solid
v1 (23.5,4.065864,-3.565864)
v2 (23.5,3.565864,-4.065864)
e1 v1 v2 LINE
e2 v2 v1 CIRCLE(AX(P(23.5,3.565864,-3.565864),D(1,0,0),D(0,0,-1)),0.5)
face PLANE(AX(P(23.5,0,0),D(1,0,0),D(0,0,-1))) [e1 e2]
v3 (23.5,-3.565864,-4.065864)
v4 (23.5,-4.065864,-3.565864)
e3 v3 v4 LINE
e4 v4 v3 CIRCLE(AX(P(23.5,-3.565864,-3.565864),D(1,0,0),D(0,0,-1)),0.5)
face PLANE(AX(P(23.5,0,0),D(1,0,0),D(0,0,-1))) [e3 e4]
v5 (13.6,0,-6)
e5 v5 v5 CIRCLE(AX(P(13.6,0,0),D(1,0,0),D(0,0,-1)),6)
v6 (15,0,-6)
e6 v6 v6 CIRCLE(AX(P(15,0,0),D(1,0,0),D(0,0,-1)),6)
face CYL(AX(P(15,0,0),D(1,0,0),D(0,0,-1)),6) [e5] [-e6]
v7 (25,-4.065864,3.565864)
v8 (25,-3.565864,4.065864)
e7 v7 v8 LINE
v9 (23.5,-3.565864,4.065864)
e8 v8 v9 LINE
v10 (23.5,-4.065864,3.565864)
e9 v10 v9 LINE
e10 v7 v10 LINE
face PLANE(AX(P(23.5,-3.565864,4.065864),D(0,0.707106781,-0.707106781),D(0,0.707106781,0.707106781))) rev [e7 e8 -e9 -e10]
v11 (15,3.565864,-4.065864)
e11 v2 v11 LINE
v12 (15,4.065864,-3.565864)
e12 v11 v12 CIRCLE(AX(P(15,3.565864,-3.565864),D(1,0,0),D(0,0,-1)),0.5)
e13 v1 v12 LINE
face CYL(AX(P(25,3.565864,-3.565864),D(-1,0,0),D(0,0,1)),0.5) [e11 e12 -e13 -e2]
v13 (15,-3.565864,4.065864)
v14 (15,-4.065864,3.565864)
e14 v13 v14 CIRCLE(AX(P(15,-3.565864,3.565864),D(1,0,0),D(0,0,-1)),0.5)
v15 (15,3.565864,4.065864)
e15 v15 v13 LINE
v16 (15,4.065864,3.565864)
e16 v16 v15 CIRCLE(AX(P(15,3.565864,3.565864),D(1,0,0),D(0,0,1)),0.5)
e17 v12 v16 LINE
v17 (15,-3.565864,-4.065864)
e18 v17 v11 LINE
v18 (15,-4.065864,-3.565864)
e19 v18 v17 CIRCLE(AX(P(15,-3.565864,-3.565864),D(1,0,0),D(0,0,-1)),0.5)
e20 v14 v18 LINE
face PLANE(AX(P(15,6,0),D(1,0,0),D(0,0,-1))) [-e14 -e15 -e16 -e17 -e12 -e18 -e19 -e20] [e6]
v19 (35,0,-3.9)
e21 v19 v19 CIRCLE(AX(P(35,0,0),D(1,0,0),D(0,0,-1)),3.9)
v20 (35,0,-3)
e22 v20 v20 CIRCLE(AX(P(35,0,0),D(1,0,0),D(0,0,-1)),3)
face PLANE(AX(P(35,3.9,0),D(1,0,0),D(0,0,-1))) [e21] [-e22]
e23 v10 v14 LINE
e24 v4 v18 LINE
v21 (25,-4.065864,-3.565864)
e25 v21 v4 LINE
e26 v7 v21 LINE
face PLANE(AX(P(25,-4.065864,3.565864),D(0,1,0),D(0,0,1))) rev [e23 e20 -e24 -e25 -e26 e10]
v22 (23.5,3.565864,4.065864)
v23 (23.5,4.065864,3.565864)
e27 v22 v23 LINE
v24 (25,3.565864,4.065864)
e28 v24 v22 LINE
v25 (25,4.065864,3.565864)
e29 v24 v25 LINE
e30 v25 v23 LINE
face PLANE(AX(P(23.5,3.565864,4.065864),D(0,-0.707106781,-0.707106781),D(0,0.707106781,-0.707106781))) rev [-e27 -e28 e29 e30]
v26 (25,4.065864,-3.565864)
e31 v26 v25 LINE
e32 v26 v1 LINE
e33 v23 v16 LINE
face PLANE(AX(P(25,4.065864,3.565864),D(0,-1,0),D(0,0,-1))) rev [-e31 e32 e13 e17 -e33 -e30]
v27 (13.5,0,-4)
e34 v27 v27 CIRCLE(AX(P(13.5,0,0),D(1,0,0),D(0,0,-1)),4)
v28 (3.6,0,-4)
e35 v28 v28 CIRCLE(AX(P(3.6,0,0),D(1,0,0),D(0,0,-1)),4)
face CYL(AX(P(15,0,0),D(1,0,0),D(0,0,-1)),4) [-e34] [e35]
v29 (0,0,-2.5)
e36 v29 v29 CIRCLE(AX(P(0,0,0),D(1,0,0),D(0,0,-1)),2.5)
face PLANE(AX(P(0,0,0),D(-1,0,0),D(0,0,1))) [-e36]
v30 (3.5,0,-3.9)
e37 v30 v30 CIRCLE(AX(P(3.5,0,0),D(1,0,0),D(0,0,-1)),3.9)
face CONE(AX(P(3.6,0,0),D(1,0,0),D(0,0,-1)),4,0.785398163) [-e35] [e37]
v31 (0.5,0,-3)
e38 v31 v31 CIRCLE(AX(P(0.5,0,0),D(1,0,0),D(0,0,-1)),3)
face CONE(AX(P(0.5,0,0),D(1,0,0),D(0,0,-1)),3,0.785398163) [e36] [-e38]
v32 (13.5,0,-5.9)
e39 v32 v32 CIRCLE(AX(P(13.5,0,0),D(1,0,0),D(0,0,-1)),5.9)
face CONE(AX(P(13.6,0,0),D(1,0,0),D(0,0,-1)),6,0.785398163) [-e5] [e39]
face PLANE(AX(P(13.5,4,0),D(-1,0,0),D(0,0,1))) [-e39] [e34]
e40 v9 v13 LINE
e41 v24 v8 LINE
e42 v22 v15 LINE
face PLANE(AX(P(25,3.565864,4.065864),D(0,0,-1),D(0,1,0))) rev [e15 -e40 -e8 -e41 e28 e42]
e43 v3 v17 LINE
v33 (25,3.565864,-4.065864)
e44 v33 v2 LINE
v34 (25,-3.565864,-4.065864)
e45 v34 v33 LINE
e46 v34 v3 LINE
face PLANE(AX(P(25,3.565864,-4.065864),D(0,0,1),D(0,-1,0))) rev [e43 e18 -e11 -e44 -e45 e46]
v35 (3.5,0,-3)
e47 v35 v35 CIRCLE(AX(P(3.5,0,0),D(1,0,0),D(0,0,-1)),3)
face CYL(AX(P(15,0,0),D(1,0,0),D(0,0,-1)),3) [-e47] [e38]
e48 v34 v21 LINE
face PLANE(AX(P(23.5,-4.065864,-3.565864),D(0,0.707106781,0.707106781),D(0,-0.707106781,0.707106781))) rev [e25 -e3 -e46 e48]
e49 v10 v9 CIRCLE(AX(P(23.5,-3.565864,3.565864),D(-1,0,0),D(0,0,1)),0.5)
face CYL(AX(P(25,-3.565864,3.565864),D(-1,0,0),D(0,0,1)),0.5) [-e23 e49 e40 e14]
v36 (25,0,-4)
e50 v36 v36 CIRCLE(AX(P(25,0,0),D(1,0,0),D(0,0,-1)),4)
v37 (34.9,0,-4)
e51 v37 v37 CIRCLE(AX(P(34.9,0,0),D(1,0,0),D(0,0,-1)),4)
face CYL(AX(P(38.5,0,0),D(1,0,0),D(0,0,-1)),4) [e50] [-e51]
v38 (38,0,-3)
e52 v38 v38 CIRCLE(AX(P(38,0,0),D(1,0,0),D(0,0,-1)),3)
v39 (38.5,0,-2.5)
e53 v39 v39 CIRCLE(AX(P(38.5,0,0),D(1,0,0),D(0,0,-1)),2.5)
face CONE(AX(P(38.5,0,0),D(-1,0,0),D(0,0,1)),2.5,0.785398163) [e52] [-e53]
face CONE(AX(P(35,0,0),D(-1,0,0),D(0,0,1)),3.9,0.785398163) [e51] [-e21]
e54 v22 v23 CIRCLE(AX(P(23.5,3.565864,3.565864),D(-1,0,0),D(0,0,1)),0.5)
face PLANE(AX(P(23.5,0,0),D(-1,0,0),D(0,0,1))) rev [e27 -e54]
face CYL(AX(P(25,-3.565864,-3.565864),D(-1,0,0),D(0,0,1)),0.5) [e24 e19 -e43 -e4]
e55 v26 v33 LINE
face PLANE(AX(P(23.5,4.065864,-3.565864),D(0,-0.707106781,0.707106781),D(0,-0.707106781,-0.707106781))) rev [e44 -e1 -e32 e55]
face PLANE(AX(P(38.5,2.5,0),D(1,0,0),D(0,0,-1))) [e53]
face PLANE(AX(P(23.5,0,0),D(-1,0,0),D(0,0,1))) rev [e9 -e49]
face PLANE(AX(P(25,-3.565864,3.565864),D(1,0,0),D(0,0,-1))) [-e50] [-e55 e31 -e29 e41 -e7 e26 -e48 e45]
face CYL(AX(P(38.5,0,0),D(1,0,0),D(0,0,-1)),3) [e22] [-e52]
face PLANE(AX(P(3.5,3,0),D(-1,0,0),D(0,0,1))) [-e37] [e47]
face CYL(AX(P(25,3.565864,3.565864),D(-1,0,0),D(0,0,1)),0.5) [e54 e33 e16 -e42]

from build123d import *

# Parameters (mm, degrees)
EXTRUDE_1_DEPTH     = 10
CUT_EXTRUDE_2_DEPTH = 1.5


with BuildPart() as part:
    # 草图1 → 旋转1 (revolve)
    with BuildSketch(Plane.XY, mode=Mode.PRIVATE) as revolve_1_sk:
        Polygon((0, 0), (0, 2.5), (0.5, 3), (3.5, 3), (3.5, 3.9), (3.6, 4), (13.5, 4), (13.5, 5.9), (13.6, 6), (15, 6), (15, 0), align=None)
    revolve(revolve_1_sk.sketch.rotate(Axis((15, 0, 0), (-1, 0, 0)), 90), axis=Axis((15, 0, 0), (-1, 0, 0)))

    # 草图2 → 凸台-拉伸1 (add)
    with BuildSketch(Plane(origin=(15, 0, 0), x_dir=(0, 0, -1), z_dir=(1, 0, 0))):
        with BuildLine():
            Line((-3.565863992, 4.065863992), (3.565863992, 4.065863992))
            ThreePointArc((3.565863992, 4.065863992), (3.919417382, 3.919417382), (4.065863992, 3.565863992))
            Line((4.065863992, 3.565863992), (4.065863992, -3.565863992))
            ThreePointArc((4.065863992, -3.565863992), (3.919417382, -3.919417382), (3.565863992, -4.065863992))
            Line((3.565863992, -4.065863992), (-3.565863992, -4.065863992))
            ThreePointArc((-3.565863992, -4.065863992), (-3.919417382, -3.919417382), (-4.065863992, -3.565863992))
            Line((-4.065863992, -3.565863992), (-4.065863992, 3.565863992))
            ThreePointArc((-4.065863992, 3.565863992), (-3.919417382, 3.919417382), (-3.565863992, 4.065863992))
        make_face()
    extrude(amount=EXTRUDE_1_DEPTH)

    # 草图3 → 切除-拉伸2 (cut)
    with BuildSketch(Plane(origin=(25, 0, 0), x_dir=(0, 0, -1), z_dir=(1, 0, 0))):
        Polygon((-4.065863992, 3.565863992), (-3.565863992, 4.065863992), (-4.065863992, 4.065863992), align=None)
        Polygon((3.565863992, 4.065863992), (4.065863992, 3.565863992), (4.065863992, 4.065863992), align=None)
        Polygon((-4.065863992, -3.565863992), (-3.565863992, -4.065863992), (-4.065863992, -4.065863992), align=None)
        Polygon((3.565863992, -4.065863992), (4.065863992, -3.565863992), (4.065863992, -4.065863992), align=None)
    extrude(amount=-CUT_EXTRUDE_2_DEPTH, mode=Mode.SUBTRACT)

    # 草图5 → 旋转2 (revolve)
    with BuildSketch(Plane.XY, mode=Mode.PRIVATE) as revolve_2_sk:
        Polygon((35, 3.9), (35, 3), (38, 3), (38.5, 2.5), (38.5, 0), (25, 0), (25, 4), (34.9, 4), align=None)
    revolve(revolve_2_sk.sketch.rotate(Axis((38.5, 0, 0), (-1, 0, 0)), 90), axis=Axis((38.5, 0, 0), (-1, 0, 0)))


solid = part.part
